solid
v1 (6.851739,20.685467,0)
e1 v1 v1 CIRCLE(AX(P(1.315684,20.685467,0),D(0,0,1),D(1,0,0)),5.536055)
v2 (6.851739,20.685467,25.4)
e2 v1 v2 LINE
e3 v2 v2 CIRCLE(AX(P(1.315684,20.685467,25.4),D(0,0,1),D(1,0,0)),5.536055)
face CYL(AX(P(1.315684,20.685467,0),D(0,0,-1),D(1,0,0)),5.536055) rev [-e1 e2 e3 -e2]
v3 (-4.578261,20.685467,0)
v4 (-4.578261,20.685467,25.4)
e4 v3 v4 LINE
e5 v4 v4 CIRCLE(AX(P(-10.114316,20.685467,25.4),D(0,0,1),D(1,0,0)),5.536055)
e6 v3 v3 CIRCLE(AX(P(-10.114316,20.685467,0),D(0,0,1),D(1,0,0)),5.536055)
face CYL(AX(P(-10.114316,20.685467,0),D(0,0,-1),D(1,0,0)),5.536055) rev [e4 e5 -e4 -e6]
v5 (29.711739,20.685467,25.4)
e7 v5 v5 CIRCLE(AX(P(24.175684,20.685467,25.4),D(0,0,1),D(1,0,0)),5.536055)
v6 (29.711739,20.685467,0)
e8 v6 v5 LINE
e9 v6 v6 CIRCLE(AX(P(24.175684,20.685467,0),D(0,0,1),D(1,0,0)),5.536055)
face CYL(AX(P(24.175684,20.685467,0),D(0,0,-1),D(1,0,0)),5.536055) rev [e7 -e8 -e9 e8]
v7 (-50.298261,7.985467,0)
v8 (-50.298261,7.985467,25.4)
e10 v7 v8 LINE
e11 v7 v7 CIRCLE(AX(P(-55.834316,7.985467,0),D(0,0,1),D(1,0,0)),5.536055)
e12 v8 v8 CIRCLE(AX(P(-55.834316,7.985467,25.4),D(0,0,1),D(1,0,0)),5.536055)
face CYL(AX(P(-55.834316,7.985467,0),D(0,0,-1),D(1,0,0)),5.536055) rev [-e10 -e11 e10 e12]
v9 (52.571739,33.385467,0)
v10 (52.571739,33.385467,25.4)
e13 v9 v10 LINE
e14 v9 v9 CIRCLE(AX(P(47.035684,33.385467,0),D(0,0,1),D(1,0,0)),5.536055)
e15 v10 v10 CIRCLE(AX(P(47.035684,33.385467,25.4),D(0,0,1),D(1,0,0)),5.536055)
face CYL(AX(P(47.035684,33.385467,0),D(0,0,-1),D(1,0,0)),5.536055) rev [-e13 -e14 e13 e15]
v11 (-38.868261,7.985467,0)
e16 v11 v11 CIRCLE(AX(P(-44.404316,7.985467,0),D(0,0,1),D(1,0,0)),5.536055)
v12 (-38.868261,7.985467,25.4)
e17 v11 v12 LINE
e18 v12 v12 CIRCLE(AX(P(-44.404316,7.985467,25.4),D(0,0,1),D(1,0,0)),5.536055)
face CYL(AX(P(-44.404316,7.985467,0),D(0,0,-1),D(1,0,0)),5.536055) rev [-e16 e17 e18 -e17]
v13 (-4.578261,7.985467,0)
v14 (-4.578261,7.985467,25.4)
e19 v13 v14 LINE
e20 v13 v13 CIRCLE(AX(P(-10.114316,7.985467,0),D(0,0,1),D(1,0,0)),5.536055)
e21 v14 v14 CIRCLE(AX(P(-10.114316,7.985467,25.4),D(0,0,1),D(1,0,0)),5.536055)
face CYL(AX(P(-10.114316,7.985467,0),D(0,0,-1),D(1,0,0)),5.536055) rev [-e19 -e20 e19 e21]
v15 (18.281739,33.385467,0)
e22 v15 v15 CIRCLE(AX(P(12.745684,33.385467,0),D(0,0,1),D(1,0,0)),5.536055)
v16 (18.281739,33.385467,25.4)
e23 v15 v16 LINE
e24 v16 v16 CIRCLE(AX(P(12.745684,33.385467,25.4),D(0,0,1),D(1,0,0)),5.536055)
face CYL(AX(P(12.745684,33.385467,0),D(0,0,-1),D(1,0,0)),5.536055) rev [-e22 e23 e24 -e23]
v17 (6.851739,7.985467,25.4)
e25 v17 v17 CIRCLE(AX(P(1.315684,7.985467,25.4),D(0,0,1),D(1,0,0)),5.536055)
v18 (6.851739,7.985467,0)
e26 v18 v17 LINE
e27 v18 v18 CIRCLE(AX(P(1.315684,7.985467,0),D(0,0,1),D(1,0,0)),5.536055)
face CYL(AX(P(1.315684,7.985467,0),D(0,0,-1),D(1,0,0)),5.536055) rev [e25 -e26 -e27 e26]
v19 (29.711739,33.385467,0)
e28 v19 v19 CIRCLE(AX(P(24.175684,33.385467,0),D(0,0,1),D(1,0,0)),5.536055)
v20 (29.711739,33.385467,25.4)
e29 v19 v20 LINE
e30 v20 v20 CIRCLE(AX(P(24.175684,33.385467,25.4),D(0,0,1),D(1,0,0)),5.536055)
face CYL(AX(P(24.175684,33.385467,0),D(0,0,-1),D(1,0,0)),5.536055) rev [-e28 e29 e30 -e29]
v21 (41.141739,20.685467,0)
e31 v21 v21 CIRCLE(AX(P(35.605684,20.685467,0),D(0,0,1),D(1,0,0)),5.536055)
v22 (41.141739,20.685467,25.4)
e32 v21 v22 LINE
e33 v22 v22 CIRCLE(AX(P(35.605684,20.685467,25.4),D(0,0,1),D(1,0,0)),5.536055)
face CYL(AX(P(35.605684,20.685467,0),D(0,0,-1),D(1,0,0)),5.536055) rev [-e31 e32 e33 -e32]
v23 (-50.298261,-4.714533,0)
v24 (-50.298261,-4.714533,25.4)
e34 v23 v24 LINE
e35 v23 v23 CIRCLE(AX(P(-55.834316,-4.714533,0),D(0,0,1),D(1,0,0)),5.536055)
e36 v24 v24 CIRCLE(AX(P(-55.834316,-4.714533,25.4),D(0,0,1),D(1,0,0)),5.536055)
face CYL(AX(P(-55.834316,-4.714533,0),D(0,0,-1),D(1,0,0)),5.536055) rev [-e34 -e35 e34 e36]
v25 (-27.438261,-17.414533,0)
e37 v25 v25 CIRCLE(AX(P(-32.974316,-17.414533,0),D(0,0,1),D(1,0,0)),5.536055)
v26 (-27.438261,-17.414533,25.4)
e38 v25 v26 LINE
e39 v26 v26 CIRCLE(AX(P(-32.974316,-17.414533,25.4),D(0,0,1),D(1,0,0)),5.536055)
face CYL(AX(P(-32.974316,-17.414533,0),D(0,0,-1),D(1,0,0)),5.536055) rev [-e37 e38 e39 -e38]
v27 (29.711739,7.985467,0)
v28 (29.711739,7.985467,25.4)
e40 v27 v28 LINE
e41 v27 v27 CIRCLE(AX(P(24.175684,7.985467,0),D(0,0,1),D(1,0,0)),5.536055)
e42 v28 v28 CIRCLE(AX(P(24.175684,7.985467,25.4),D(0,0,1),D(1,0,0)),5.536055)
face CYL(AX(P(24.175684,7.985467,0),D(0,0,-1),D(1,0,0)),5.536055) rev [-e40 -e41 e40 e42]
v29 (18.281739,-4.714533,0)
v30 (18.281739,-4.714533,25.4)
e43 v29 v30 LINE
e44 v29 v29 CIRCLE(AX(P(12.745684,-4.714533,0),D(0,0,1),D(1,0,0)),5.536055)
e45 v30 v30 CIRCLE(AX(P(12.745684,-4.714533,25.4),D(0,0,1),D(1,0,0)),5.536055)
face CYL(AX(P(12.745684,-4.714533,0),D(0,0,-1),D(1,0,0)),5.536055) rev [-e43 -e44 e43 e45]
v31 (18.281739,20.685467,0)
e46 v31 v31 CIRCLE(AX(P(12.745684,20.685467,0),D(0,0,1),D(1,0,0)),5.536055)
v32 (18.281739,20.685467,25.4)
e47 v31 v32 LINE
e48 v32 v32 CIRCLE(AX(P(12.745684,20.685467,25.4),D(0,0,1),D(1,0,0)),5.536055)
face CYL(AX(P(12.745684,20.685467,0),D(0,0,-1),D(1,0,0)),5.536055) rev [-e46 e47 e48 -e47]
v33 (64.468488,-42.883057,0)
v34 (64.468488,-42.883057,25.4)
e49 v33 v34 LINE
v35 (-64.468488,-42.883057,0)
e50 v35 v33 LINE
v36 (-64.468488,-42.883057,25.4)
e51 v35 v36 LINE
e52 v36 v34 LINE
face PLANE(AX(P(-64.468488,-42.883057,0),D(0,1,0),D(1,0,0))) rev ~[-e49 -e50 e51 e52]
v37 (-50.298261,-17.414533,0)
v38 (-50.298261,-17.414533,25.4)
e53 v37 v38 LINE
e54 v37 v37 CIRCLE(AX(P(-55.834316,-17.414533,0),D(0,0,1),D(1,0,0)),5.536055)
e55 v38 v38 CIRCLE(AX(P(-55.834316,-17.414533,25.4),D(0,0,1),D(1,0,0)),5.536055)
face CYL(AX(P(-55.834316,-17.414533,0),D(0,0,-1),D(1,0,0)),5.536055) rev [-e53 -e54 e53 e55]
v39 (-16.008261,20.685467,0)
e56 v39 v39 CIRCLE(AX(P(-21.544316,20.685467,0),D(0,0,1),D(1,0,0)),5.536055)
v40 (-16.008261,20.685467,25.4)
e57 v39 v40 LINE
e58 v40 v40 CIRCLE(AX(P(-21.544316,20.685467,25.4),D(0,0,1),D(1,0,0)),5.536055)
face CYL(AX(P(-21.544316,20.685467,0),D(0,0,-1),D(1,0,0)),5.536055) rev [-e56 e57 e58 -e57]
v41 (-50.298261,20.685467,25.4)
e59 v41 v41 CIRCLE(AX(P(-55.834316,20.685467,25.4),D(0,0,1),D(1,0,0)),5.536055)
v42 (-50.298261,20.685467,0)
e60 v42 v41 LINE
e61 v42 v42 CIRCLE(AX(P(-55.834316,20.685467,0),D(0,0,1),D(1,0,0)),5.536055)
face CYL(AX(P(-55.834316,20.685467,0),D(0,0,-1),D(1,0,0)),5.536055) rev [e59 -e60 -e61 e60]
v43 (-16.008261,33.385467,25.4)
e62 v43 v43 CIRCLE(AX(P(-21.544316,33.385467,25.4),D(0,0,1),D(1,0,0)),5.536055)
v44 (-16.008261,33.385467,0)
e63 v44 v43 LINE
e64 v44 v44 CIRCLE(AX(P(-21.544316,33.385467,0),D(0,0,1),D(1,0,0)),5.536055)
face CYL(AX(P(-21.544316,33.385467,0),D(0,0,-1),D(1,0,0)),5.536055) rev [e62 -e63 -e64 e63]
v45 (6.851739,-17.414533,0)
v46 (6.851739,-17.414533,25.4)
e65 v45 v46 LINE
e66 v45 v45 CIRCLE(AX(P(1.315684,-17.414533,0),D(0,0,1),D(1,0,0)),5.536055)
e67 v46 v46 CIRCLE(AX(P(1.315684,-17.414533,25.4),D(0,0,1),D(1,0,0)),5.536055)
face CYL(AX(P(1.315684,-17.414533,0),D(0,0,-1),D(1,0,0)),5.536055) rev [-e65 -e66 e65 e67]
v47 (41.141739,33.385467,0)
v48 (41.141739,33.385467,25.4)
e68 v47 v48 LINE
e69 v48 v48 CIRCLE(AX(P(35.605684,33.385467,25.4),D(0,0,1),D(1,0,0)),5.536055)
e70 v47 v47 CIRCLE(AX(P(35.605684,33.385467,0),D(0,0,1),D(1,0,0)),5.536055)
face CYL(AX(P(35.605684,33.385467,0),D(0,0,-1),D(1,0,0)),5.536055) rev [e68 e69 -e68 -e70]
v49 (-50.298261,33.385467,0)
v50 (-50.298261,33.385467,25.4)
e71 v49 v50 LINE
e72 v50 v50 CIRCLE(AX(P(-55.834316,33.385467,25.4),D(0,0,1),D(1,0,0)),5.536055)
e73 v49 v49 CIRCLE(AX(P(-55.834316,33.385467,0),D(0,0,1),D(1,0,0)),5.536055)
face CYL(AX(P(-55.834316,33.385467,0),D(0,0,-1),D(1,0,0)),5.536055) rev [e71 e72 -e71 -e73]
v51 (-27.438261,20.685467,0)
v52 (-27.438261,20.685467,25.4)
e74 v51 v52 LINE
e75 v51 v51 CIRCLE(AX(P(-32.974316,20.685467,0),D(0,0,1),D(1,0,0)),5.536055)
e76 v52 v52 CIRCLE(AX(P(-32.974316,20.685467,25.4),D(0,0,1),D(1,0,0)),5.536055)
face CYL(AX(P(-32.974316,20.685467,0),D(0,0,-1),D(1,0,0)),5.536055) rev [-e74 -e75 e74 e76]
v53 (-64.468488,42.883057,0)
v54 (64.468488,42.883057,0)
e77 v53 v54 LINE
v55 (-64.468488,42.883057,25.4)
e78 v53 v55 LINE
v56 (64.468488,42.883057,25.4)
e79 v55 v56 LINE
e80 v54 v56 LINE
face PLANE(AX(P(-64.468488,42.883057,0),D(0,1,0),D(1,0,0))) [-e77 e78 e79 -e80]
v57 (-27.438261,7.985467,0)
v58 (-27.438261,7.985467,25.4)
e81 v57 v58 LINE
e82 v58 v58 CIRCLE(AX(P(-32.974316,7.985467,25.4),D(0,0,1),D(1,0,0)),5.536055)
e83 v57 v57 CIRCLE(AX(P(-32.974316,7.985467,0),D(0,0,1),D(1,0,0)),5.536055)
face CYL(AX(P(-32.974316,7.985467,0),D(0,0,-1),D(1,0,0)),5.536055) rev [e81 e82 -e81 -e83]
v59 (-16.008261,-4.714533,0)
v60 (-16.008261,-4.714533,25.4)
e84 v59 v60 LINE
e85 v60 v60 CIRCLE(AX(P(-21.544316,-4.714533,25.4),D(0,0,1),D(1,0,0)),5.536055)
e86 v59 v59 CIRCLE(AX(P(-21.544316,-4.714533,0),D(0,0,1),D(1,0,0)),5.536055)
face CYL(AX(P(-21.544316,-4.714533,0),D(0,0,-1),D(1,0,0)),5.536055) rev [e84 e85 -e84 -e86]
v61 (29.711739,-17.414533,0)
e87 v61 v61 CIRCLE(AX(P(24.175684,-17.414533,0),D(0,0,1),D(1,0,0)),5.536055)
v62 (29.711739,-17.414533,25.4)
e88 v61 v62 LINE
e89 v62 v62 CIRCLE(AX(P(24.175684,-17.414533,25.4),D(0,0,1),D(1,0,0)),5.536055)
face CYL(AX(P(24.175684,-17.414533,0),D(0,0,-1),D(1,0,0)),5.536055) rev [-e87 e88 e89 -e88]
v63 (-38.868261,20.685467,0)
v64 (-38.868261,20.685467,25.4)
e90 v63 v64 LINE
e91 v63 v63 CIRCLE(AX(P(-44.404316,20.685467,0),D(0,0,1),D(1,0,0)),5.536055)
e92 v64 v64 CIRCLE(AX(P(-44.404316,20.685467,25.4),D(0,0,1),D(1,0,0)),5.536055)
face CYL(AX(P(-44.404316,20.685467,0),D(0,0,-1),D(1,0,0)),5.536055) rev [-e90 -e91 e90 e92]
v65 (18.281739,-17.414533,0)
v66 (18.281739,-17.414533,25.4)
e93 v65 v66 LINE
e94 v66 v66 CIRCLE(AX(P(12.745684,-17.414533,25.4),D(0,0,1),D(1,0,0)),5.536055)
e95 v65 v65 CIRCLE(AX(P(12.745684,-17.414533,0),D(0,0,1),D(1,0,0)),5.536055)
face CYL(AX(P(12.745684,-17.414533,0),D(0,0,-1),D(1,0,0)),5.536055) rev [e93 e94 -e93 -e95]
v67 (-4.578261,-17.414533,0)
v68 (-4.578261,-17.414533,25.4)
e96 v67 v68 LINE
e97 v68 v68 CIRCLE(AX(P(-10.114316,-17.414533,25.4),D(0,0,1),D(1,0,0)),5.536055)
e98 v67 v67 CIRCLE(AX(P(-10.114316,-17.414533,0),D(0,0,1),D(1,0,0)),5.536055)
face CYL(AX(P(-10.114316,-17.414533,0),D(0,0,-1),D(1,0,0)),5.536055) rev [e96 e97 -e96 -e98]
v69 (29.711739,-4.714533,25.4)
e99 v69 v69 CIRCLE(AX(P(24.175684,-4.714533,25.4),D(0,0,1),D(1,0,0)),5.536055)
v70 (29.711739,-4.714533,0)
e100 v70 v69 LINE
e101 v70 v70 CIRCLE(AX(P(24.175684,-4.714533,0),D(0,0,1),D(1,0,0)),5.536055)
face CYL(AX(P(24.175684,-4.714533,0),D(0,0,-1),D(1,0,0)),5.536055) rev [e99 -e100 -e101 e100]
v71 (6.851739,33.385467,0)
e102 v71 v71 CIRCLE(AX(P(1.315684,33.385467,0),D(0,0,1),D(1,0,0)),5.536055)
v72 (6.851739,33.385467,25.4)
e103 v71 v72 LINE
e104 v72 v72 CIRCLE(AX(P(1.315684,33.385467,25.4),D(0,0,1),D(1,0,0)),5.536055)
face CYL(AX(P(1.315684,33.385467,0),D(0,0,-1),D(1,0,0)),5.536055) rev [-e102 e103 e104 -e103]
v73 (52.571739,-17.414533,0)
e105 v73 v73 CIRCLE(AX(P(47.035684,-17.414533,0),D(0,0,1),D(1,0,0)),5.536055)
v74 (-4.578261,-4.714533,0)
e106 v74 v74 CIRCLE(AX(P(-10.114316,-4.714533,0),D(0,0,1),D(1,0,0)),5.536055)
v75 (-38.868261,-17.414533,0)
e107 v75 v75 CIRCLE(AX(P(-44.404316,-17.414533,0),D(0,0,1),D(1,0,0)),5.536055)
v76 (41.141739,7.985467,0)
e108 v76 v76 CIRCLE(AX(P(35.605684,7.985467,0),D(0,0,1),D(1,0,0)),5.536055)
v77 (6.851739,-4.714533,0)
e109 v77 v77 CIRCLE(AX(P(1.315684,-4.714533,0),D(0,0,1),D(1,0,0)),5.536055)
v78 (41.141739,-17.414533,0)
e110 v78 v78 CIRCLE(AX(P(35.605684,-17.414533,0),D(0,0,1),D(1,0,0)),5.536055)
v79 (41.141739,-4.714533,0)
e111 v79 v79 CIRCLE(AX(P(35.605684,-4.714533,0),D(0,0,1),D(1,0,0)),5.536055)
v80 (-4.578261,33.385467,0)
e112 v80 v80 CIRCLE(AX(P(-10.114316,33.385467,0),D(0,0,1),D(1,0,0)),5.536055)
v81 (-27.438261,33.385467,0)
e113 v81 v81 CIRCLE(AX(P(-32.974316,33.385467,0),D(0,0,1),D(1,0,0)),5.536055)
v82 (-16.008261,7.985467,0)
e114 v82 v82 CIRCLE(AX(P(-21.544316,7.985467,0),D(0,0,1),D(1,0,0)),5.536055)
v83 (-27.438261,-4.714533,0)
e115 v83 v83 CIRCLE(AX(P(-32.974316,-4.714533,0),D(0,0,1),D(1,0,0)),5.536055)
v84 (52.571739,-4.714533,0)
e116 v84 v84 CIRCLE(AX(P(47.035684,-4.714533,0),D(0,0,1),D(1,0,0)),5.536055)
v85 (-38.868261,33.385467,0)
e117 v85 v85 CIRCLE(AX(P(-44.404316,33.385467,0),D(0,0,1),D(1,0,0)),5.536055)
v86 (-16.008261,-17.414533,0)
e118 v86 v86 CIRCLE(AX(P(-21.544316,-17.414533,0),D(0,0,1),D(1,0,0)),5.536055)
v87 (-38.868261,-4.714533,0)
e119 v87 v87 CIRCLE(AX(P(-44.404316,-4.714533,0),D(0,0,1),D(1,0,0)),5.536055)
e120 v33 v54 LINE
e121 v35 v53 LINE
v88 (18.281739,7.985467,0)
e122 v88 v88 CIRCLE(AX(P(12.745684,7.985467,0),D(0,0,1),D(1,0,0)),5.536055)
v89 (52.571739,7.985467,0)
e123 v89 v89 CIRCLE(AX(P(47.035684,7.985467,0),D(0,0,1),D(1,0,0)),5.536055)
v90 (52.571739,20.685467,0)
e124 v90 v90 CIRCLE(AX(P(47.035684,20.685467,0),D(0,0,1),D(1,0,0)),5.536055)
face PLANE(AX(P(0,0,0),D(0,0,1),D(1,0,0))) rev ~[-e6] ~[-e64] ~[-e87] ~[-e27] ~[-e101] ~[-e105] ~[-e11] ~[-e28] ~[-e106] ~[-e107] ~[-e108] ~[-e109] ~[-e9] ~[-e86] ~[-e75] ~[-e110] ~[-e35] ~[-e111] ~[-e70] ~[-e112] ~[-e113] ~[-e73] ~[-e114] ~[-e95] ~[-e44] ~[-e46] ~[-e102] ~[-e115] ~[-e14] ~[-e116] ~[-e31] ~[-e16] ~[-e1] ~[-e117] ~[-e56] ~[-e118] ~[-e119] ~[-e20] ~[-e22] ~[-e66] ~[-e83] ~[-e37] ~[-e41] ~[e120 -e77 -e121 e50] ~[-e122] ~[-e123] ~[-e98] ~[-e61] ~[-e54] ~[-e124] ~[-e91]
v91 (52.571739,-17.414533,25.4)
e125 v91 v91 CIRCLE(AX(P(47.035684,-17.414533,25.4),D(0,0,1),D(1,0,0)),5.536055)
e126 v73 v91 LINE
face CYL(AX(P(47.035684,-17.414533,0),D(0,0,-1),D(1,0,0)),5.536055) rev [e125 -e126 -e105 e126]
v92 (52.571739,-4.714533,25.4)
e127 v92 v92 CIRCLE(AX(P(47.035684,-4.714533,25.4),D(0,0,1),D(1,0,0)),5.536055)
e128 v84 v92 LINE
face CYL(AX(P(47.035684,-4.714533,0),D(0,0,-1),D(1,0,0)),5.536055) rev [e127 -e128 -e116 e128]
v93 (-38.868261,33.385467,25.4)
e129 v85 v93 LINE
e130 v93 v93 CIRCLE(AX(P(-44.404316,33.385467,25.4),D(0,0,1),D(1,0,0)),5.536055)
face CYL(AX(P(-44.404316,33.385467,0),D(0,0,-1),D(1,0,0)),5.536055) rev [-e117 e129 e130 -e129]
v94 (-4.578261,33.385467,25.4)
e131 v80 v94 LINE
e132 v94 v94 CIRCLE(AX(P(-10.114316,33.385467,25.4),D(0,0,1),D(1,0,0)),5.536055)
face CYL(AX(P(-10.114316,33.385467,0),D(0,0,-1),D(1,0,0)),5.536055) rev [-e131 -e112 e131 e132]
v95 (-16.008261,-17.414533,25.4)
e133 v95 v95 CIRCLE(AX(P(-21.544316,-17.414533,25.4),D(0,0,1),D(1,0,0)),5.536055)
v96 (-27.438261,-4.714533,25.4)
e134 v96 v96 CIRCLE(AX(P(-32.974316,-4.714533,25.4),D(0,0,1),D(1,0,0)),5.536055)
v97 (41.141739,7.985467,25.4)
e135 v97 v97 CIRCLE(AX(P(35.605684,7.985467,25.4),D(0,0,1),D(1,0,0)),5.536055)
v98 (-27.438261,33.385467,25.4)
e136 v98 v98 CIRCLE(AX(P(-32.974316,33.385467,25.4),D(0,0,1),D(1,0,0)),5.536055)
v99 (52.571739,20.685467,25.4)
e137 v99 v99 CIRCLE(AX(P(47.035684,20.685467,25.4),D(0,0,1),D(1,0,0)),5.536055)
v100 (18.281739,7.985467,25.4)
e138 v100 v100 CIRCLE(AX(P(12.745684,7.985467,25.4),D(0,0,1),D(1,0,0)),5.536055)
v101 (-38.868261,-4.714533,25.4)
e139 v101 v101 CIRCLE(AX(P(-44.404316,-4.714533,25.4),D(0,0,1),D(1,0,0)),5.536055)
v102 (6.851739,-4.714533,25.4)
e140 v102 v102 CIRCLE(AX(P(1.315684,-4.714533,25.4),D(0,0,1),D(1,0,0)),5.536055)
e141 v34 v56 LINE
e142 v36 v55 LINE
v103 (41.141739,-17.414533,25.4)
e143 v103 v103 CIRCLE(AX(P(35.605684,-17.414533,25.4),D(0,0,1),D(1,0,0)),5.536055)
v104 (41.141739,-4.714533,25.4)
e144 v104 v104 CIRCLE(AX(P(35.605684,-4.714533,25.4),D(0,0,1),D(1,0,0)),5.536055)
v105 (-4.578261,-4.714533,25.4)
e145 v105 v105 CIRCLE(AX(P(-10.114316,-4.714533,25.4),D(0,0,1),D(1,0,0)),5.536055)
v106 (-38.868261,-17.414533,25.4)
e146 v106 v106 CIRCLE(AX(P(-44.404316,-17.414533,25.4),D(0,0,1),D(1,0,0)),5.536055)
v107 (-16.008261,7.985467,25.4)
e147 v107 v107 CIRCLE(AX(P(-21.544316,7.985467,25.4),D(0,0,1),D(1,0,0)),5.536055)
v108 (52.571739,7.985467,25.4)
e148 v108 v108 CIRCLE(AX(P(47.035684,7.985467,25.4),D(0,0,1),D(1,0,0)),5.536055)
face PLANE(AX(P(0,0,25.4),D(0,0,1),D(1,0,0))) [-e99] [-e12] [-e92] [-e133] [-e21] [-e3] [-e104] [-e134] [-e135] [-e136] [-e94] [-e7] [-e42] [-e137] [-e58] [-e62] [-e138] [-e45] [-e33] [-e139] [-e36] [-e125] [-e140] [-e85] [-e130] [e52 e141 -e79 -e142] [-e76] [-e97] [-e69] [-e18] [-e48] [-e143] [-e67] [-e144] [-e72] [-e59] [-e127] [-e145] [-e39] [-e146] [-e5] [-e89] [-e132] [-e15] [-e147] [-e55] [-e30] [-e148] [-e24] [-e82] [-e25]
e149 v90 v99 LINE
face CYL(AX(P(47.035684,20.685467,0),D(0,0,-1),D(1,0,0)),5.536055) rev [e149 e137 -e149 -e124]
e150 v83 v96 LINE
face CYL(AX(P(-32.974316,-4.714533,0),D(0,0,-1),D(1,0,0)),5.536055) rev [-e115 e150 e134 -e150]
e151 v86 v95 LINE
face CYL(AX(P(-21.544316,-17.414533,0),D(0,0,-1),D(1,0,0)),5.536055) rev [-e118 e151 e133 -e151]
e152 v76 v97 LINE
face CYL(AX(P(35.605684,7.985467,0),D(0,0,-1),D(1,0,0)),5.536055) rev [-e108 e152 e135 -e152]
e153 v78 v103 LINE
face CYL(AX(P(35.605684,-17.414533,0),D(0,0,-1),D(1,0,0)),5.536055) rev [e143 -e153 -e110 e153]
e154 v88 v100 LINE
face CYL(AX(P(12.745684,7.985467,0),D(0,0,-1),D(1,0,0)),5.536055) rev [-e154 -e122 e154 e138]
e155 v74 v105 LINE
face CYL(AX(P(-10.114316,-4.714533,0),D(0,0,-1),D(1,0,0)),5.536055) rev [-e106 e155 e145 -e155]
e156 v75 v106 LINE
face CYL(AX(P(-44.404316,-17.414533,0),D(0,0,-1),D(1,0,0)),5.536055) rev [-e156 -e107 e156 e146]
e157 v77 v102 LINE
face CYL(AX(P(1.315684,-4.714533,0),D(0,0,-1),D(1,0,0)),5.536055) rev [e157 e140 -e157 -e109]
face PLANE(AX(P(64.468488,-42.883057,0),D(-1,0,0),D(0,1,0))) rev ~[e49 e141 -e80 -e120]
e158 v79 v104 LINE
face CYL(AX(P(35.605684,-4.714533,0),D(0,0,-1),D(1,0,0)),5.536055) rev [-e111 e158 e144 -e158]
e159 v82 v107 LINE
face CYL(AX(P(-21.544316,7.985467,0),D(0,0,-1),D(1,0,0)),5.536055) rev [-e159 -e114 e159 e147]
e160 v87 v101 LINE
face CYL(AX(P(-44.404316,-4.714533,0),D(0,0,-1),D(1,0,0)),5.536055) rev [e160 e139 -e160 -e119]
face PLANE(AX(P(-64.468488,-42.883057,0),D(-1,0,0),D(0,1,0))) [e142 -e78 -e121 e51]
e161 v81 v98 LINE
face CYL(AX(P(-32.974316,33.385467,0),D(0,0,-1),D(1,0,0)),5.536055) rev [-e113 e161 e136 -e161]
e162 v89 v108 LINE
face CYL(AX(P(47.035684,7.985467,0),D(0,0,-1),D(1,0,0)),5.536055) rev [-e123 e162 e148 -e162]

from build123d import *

# Parameters (mm, degrees)
F0_W     = 128.936976
F0_H     = 85.766114
F0_R     = 5.536055
F1_DEPTH = 25.4


with BuildPart() as f1:
    # F0 (on Top) → F1 (new body)
    with BuildSketch(Plane.XY):
        Rectangle(F0_W, F0_H)
        with Locations((-55.834316, -17.414533)):
            Circle(F0_R, mode=Mode.SUBTRACT)
        with Locations((-44.404316, -17.414533)):
            Circle(F0_R, mode=Mode.SUBTRACT)
        with Locations((-32.974316, -17.414533)):
            Circle(F0_R, mode=Mode.SUBTRACT)
        with Locations((-55.834316, -4.714533)):
            Circle(F0_R, mode=Mode.SUBTRACT)
        with Locations((-44.404316, -4.714533)):
            Circle(F0_R, mode=Mode.SUBTRACT)
        with Locations((-32.974316, -4.714533)):
            Circle(F0_R, mode=Mode.SUBTRACT)
        with Locations((-21.544316, -17.414533)):
            Circle(F0_R, mode=Mode.SUBTRACT)
        with Locations((-10.114316, -17.414533)):
            Circle(F0_R, mode=Mode.SUBTRACT)
        with Locations((-21.544316, -4.714533)):
            Circle(F0_R, mode=Mode.SUBTRACT)
        with Locations((-10.114316, -4.714533)):
            Circle(F0_R, mode=Mode.SUBTRACT)
        with Locations((1.315684, -17.414533)):
            Circle(F0_R, mode=Mode.SUBTRACT)
        with Locations((12.745684, -17.414533)):
            Circle(F0_R, mode=Mode.SUBTRACT)
        with Locations((24.175684, -17.414533)):
            Circle(F0_R, mode=Mode.SUBTRACT)
        with Locations((1.315684, -4.714533)):
            Circle(F0_R, mode=Mode.SUBTRACT)
        with Locations((12.745684, -4.714533)):
            Circle(F0_R, mode=Mode.SUBTRACT)
        with Locations((24.175684, -4.714533)):
            Circle(F0_R, mode=Mode.SUBTRACT)
        with Locations((35.605684, -17.414533)):
            Circle(F0_R, mode=Mode.SUBTRACT)
        with Locations((47.035684, -17.414533)):
            Circle(F0_R, mode=Mode.SUBTRACT)
        with Locations((35.605684, -4.714533)):
            Circle(F0_R, mode=Mode.SUBTRACT)
        with Locations((47.035684, -4.714533)):
            Circle(F0_R, mode=Mode.SUBTRACT)
        with Locations((-55.834316, 7.985467)):
            Circle(F0_R, mode=Mode.SUBTRACT)
        with Locations((-44.404316, 7.985467)):
            Circle(F0_R, mode=Mode.SUBTRACT)
        with Locations((-32.974316, 7.985467)):
            Circle(F0_R, mode=Mode.SUBTRACT)
        with Locations((-55.834316, 20.685467)):
            Circle(F0_R, mode=Mode.SUBTRACT)
        with Locations((-44.404316, 20.685467)):
            Circle(F0_R, mode=Mode.SUBTRACT)
        with Locations((-32.974316, 20.685467)):
            Circle(F0_R, mode=Mode.SUBTRACT)
        with Locations((-21.544316, 7.985467)):
            Circle(F0_R, mode=Mode.SUBTRACT)
        with Locations((-10.114316, 7.985467)):
            Circle(F0_R, mode=Mode.SUBTRACT)
        with Locations((-21.544316, 20.685467)):
            Circle(F0_R, mode=Mode.SUBTRACT)
        with Locations((-10.114316, 20.685467)):
            Circle(F0_R, mode=Mode.SUBTRACT)
        with Locations((-55.834316, 33.385467)):
            Circle(F0_R, mode=Mode.SUBTRACT)
        with Locations((-44.404316, 33.385467)):
            Circle(F0_R, mode=Mode.SUBTRACT)
        with Locations((-32.974316, 33.385467)):
            Circle(F0_R, mode=Mode.SUBTRACT)
        with Locations((-21.544316, 33.385467)):
            Circle(F0_R, mode=Mode.SUBTRACT)
        with Locations((-10.114316, 33.385467)):
            Circle(F0_R, mode=Mode.SUBTRACT)
        with Locations((1.315684, 7.985467)):
            Circle(F0_R, mode=Mode.SUBTRACT)
        with Locations((12.745684, 7.985467)):
            Circle(F0_R, mode=Mode.SUBTRACT)
        with Locations((24.175684, 7.985467)):
            Circle(F0_R, mode=Mode.SUBTRACT)
        with Locations((1.315684, 20.685467)):
            Circle(F0_R, mode=Mode.SUBTRACT)
        with Locations((12.745684, 20.685467)):
            Circle(F0_R, mode=Mode.SUBTRACT)
        with Locations((24.175684, 20.685467)):
            Circle(F0_R, mode=Mode.SUBTRACT)
        with Locations((35.605684, 7.985467)):
            Circle(F0_R, mode=Mode.SUBTRACT)
        with Locations((47.035684, 7.985467)):
            Circle(F0_R, mode=Mode.SUBTRACT)
        with Locations((35.605684, 20.685467)):
            Circle(F0_R, mode=Mode.SUBTRACT)
        with Locations((47.035684, 20.685467)):
            Circle(F0_R, mode=Mode.SUBTRACT)
        with Locations((1.315684, 33.385467)):
            Circle(F0_R, mode=Mode.SUBTRACT)
        with Locations((12.745684, 33.385467)):
            Circle(F0_R, mode=Mode.SUBTRACT)
        with Locations((24.175684, 33.385467)):
            Circle(F0_R, mode=Mode.SUBTRACT)
        with Locations((35.605684, 33.385467)):
            Circle(F0_R, mode=Mode.SUBTRACT)
        with Locations((47.035684, 33.385467)):
            Circle(F0_R, mode=Mode.SUBTRACT)
    extrude(amount=F1_DEPTH)


solid = f1.part
